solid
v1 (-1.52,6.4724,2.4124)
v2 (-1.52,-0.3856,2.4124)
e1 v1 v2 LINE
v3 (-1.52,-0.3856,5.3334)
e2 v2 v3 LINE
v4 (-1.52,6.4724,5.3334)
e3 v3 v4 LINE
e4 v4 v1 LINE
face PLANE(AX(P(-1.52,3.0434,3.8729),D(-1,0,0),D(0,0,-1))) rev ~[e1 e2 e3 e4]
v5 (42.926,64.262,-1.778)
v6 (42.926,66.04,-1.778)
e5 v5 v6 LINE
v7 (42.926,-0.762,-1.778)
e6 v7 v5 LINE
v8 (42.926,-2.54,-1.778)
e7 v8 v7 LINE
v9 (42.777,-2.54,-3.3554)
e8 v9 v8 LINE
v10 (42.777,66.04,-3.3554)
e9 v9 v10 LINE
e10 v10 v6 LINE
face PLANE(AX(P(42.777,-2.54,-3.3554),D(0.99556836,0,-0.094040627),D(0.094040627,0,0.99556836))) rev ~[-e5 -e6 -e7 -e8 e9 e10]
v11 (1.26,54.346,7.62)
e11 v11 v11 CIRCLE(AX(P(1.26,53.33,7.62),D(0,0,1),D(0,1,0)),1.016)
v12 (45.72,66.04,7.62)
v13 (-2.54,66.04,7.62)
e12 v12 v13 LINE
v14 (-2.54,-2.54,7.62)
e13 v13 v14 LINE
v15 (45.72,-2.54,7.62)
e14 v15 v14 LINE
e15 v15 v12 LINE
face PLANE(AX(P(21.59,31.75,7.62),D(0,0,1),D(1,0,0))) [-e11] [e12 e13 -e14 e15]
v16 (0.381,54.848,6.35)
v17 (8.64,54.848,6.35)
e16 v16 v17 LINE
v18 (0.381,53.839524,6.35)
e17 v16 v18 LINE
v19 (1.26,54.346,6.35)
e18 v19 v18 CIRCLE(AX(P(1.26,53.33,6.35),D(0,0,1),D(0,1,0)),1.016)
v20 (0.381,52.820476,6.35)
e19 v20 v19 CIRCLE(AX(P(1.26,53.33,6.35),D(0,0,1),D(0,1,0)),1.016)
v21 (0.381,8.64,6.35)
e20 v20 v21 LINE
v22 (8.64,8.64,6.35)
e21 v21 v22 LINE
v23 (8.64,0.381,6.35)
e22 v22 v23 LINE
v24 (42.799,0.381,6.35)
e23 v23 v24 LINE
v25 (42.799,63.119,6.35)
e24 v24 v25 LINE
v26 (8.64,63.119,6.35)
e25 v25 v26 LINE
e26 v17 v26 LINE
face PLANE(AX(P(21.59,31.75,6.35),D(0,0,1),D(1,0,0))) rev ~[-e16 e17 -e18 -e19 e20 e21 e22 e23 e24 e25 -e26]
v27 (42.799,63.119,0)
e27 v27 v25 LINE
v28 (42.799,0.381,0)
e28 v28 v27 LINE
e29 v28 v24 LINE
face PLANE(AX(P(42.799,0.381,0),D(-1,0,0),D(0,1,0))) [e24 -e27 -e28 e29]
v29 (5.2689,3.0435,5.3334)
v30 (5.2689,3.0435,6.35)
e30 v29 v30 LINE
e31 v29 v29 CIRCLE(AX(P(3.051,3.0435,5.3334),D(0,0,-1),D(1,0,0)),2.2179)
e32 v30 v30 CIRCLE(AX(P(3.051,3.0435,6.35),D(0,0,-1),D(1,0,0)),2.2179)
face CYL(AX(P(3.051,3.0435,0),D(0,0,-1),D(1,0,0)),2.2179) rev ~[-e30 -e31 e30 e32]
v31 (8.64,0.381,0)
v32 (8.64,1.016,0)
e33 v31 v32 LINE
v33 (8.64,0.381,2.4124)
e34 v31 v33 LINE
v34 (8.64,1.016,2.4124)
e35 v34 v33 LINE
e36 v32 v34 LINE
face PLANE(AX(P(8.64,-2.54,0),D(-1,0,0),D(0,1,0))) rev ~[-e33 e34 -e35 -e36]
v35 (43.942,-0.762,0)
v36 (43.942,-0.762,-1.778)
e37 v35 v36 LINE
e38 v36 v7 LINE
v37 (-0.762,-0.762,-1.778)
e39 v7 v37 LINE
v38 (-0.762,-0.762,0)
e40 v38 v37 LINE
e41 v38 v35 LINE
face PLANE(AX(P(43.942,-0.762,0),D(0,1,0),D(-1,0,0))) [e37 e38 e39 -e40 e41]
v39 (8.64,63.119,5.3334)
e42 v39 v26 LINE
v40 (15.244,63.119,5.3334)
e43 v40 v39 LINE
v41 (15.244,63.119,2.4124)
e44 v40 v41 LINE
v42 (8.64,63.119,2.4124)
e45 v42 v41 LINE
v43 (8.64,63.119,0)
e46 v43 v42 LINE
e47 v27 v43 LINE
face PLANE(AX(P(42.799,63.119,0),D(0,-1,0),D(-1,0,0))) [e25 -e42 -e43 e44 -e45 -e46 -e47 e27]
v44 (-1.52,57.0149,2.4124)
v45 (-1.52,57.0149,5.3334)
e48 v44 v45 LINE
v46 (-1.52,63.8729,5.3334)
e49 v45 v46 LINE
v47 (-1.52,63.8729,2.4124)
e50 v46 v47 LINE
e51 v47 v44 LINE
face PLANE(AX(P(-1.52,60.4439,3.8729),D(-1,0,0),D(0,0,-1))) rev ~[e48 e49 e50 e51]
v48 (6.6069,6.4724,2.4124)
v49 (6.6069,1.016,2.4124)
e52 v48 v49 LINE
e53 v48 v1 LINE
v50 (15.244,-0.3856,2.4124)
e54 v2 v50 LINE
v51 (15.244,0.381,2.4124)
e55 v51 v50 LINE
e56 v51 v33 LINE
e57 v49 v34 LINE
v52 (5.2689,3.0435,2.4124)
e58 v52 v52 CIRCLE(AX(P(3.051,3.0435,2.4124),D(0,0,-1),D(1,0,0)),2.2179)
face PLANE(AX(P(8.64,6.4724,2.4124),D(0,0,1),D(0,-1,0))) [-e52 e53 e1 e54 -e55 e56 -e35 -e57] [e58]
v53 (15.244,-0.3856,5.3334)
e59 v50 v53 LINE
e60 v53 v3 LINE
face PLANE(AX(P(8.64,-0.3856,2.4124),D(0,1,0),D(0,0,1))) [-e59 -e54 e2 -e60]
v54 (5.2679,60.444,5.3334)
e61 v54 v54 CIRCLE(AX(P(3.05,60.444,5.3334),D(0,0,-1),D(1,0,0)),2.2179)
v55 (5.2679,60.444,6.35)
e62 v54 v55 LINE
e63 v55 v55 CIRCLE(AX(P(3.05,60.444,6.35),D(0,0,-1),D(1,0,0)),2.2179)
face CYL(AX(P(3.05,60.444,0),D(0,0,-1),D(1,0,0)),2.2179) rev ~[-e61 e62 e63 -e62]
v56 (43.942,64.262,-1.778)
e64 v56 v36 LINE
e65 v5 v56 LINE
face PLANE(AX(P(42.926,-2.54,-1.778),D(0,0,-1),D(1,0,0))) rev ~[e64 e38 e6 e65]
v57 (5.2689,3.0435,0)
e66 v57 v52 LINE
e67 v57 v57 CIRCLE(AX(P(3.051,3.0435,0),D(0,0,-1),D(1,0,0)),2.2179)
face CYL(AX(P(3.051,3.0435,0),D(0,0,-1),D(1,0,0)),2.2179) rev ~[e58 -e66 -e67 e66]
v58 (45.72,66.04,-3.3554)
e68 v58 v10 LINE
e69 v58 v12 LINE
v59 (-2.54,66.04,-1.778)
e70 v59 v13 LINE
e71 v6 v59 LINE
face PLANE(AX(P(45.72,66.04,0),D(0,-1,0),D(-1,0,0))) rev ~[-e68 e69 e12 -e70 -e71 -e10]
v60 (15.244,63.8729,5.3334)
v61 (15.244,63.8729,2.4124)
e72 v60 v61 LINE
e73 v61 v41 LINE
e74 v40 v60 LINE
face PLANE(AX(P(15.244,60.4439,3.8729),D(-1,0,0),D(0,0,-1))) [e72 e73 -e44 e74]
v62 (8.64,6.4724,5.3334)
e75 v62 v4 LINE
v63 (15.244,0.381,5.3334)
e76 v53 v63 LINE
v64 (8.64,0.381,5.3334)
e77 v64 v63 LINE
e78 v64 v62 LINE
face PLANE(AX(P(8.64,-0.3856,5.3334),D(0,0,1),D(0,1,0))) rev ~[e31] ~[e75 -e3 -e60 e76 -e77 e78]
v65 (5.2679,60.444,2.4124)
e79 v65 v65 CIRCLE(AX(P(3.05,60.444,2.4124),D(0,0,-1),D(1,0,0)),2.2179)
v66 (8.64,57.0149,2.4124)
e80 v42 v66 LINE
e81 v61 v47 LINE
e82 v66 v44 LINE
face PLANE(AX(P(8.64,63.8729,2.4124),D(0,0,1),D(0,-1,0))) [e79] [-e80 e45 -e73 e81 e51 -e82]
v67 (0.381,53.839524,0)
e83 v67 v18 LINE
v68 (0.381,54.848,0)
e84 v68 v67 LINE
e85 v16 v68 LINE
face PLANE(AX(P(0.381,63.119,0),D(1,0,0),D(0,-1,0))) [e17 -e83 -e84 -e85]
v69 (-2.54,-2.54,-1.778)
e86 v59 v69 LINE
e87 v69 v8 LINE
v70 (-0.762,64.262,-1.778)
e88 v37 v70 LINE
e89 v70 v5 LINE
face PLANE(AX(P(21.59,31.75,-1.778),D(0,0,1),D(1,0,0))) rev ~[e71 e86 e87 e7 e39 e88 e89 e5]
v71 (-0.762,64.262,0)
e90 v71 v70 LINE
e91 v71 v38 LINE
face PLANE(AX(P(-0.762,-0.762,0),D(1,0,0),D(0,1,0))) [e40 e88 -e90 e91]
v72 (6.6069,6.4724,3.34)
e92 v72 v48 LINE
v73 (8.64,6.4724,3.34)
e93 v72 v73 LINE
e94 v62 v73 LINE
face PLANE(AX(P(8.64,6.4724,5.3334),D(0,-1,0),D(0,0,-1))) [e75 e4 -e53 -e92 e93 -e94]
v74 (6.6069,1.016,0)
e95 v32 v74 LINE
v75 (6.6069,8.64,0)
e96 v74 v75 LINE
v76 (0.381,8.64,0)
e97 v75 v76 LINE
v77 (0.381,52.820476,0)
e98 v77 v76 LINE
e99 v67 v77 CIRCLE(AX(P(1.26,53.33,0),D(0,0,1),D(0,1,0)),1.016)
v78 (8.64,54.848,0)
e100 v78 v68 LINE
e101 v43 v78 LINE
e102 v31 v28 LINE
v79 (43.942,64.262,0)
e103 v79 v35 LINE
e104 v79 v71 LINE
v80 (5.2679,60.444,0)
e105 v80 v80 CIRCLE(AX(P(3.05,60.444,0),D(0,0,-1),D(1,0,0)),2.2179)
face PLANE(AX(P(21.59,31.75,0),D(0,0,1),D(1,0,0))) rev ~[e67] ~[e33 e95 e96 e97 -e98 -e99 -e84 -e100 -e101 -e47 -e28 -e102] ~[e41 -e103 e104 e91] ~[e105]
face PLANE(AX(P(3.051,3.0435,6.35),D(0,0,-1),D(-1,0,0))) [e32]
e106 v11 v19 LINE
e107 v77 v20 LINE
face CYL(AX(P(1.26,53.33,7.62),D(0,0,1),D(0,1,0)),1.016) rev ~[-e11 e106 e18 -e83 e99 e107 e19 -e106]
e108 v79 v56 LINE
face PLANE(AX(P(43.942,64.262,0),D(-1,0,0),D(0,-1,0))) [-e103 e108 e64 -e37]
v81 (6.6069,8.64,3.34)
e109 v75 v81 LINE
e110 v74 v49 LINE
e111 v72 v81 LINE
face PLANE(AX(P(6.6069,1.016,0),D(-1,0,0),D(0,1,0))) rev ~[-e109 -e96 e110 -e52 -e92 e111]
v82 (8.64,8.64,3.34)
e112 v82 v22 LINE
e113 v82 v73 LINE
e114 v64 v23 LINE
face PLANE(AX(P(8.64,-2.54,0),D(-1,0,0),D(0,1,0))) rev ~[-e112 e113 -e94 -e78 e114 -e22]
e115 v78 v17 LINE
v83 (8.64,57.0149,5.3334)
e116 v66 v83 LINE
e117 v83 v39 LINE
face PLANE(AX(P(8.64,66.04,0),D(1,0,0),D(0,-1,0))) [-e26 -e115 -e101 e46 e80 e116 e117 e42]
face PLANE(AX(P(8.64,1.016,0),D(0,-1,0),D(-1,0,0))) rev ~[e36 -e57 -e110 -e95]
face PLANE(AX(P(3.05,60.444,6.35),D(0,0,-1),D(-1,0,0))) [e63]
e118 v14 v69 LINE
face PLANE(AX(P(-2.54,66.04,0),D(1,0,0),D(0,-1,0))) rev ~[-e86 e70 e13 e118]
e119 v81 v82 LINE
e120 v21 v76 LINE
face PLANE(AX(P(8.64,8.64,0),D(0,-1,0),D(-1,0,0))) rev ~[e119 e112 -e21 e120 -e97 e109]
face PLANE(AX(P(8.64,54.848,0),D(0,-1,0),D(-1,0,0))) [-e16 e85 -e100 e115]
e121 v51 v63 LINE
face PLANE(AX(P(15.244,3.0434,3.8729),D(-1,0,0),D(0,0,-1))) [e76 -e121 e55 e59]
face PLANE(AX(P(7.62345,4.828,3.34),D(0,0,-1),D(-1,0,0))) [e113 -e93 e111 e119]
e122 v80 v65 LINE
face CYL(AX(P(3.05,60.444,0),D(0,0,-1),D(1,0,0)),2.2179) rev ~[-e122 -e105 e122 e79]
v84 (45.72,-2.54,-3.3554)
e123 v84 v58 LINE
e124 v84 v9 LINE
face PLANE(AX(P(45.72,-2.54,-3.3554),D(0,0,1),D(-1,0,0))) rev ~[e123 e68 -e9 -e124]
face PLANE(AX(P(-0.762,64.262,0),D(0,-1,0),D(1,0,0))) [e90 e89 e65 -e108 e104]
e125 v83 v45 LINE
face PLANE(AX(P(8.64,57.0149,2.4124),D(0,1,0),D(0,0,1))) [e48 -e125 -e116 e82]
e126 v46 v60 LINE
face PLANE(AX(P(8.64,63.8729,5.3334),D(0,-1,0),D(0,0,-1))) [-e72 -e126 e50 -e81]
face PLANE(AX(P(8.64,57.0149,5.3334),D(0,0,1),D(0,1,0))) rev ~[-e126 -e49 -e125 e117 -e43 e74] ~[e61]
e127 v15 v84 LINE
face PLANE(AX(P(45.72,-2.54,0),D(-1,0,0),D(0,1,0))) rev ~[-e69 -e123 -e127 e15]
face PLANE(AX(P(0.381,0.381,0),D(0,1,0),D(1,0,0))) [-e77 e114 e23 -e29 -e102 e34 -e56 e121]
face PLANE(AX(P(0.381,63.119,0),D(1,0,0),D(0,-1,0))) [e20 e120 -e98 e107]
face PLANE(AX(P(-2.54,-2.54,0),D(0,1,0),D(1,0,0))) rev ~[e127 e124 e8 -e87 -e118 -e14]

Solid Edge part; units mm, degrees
sketch "Sketch1" plane through (0, 0, 0) normal (0, 0, 1) x (1, 0, 0)
  line L0 (45.72, -2.54) -> (45.72, 66.04)
  line L1 (45.72, 66.04) -> (-2.54, 66.04)
  line L2 (-2.54, 66.04) -> (-2.54, -2.54)
  line L3 (-2.54, -2.54) -> (45.72, -2.54)
  line L4 (42.799, 0.381) -> (42.799, 63.119)
  line L5 (42.799, 63.119) -> (0.381, 63.119)
  line L6 (0.381, 63.119) -> (0.381, 0.381)
  line L7 (0.381, 0.381) -> (42.799, 0.381)
  dimension "D1" = 2.54
  dimension "D2" = 0.381
extrude "Protrusion1" add sketch "Sketch1" along normal blind 6.35
sketch "Sketch2" plane through (21.59, 31.75, 0) normal (0, 0, -1) x (0, 1, 0)
  line L0 (32.512, -22.352) -> (32.512, 22.352)
  line L1 (32.512, 22.352) -> (-32.512, 22.352)
  line L2 (-32.512, 22.352) -> (-32.512, -22.352)
  line L3 (-32.512, -22.352) -> (32.512, -22.352)
  line L4 (34.29, 24.13) -> (34.29, -24.13)
  line L5 (34.29, -24.13) -> (-34.29, -24.13)
  line L6 (-34.29, -24.13) -> (-34.29, 24.13)
  line L7 (-34.29, 24.13) -> (34.29, 24.13)
  dimension "D1" = 0.762
extrude "Protrusion2" add sketch "Sketch2" along normal up to vertex (1.778 mm away)
sketch "Sketch3" plane through (21.59, -2.54, 2.286) normal (0, -1, 0) x (-1, 0, 0)
  line L0 (-24.13, 5.6414) -> (-21.187, 5.6414)
  line L1 (-21.187, 5.6414) -> (-21.336, 4.064)
  line L2 (-21.336, 4.064) -> (-24.13, 4.064)
  line L3 (-24.13, 4.064) -> (-24.13, 5.6414)
extrude "Protrusion3" add sketch "Sketch3" against normal up to vertex (68.58 mm away)
sketch "Sketch4" plane through (21.59, 31.75, 6.35) normal (0, 0, 1) x (0, -1, 0)
  line L0 (34.29, 24.13) -> (-34.29, 24.13)
  line L1 (-34.29, 24.13) -> (-34.29, -24.13)
  line L2 (-34.29, -24.13) -> (34.29, -24.13)
  line L3 (34.29, -24.13) -> (34.29, 24.13)
extrude "ExtrudedProtrusion_4" add sketch "Sketch4" along normal blind 1.27
sketch "Sketch5" plane through (21.59, 31.75, 0) normal (0, 0, -1) x (-1, 0, 0)
  line L0 (12.95, -23.11) -> (24.13, -23.11)
  line L1 (24.13, -23.11) -> (24.13, -34.29)
  line L2 (24.13, -34.29) -> (12.95, -34.29)
  line L3 (12.95, -34.29) -> (12.95, -23.11)
  line L4 (12.95, 34.29) -> (12.95, 23.098)
  line L5 (12.95, 23.098) -> (24.13, 23.098)
  line L6 (24.13, 23.098) -> (24.13, 34.29)
  line L7 (24.13, 34.29) -> (12.95, 34.29)
extrude "Protrusion4" add sketch "Sketch5" against normal up to vertex (7.62 mm away)
sketch "Sketch6" plane through (21.59, 31.75, 0) normal (0, 0, -1) x (1, 0, 0)
  circle A0 centre (-18.54, -28.694) radius 2.2179
  circle A1 centre (-18.539, 28.7065) radius 2.2179
  dimension "D1" = 4.4359
extrude "Cutout1" cut sketch "Sketch6" against normal up to vertex (6.35 mm away)
sketch "Sketch7" plane through (8.64, 4.0083, 3.175) normal (1, 0, 0) x (0, 0, 1)
  line L0 (2.1584, -2.4641) -> (-0.7626, -2.4641)
  line L1 (-0.7626, -2.4641) -> (-0.7626, 4.3939)
  line L2 (-0.7626, 4.3939) -> (2.1584, 4.3939)
  line L3 (2.1584, 4.3939) -> (2.1584, -2.4641)
  line L4 (-0.7626, -53.0066) -> (2.1584, -53.0066)
  line L5 (2.1584, -53.0066) -> (2.1584, -59.8646)
  line L6 (2.1584, -59.8646) -> (-0.7626, -59.8646)
  line L7 (-0.7626, -59.8646) -> (-0.7626, -53.0066)
  dimension "D1" = 6.858
  dimension "D2" = 2.921
  dimension "D3" = 3.048
extrude "ExtrudedCutout_2" cut sketch "Sketch7" along normal blind 6.604
sketch "Sketch8" plane through (8.64, 4.0083, 3.175) normal (1, 0, 0) x (0, 0, 1)
  line L0 (2.1584, -2.4641) -> (-0.7626, -2.4641)
  line L1 (-0.7626, -2.4641) -> (-0.7626, 4.3939)
  line L2 (-0.7626, 4.3939) -> (2.1584, 4.3939)
  line L3 (2.1584, 4.3939) -> (2.1584, -2.4641)
  line L4 (-0.7626, -59.8646) -> (-0.7626, -53.0066)
  line L5 (-0.7626, -53.0066) -> (2.1584, -53.0066)
  line L6 (2.1584, -53.0066) -> (2.1584, -59.8646)
  line L7 (2.1584, -59.8646) -> (-0.7626, -59.8646)
  dimension "D1" = 6.858
  dimension "D2" = 2.921
  dimension "D3" = 3.048
extrude "ExtrudedCutout_3" cut sketch "Sketch8" against normal blind 10.16
sketch "Sketch9" plane through (21.59, 31.75, 7.62) normal (0, 0, 1) x (0, 1, 0)
  circle A0 centre (21.58, 20.33) radius 1.016
extrude "Cutout2" cut sketch "Sketch9" against normal through all
sketch "Sketch10" plane through (21.59, 31.75, 0) normal (0, 0, -1) x (0, 1, 0)
  line L0 (-30.734, -14.9831) -> (-23.11, -14.9831)
  line L1 (-23.11, -14.9831) -> (-23.11, -12.95)
  line L2 (-23.11, -12.95) -> (-30.734, -12.95)
  line L3 (-30.734, -12.95) -> (-30.734, -14.9831)
extrude "ExtrudedCutout_6" cut sketch "Sketch10" against normal blind 3.34
